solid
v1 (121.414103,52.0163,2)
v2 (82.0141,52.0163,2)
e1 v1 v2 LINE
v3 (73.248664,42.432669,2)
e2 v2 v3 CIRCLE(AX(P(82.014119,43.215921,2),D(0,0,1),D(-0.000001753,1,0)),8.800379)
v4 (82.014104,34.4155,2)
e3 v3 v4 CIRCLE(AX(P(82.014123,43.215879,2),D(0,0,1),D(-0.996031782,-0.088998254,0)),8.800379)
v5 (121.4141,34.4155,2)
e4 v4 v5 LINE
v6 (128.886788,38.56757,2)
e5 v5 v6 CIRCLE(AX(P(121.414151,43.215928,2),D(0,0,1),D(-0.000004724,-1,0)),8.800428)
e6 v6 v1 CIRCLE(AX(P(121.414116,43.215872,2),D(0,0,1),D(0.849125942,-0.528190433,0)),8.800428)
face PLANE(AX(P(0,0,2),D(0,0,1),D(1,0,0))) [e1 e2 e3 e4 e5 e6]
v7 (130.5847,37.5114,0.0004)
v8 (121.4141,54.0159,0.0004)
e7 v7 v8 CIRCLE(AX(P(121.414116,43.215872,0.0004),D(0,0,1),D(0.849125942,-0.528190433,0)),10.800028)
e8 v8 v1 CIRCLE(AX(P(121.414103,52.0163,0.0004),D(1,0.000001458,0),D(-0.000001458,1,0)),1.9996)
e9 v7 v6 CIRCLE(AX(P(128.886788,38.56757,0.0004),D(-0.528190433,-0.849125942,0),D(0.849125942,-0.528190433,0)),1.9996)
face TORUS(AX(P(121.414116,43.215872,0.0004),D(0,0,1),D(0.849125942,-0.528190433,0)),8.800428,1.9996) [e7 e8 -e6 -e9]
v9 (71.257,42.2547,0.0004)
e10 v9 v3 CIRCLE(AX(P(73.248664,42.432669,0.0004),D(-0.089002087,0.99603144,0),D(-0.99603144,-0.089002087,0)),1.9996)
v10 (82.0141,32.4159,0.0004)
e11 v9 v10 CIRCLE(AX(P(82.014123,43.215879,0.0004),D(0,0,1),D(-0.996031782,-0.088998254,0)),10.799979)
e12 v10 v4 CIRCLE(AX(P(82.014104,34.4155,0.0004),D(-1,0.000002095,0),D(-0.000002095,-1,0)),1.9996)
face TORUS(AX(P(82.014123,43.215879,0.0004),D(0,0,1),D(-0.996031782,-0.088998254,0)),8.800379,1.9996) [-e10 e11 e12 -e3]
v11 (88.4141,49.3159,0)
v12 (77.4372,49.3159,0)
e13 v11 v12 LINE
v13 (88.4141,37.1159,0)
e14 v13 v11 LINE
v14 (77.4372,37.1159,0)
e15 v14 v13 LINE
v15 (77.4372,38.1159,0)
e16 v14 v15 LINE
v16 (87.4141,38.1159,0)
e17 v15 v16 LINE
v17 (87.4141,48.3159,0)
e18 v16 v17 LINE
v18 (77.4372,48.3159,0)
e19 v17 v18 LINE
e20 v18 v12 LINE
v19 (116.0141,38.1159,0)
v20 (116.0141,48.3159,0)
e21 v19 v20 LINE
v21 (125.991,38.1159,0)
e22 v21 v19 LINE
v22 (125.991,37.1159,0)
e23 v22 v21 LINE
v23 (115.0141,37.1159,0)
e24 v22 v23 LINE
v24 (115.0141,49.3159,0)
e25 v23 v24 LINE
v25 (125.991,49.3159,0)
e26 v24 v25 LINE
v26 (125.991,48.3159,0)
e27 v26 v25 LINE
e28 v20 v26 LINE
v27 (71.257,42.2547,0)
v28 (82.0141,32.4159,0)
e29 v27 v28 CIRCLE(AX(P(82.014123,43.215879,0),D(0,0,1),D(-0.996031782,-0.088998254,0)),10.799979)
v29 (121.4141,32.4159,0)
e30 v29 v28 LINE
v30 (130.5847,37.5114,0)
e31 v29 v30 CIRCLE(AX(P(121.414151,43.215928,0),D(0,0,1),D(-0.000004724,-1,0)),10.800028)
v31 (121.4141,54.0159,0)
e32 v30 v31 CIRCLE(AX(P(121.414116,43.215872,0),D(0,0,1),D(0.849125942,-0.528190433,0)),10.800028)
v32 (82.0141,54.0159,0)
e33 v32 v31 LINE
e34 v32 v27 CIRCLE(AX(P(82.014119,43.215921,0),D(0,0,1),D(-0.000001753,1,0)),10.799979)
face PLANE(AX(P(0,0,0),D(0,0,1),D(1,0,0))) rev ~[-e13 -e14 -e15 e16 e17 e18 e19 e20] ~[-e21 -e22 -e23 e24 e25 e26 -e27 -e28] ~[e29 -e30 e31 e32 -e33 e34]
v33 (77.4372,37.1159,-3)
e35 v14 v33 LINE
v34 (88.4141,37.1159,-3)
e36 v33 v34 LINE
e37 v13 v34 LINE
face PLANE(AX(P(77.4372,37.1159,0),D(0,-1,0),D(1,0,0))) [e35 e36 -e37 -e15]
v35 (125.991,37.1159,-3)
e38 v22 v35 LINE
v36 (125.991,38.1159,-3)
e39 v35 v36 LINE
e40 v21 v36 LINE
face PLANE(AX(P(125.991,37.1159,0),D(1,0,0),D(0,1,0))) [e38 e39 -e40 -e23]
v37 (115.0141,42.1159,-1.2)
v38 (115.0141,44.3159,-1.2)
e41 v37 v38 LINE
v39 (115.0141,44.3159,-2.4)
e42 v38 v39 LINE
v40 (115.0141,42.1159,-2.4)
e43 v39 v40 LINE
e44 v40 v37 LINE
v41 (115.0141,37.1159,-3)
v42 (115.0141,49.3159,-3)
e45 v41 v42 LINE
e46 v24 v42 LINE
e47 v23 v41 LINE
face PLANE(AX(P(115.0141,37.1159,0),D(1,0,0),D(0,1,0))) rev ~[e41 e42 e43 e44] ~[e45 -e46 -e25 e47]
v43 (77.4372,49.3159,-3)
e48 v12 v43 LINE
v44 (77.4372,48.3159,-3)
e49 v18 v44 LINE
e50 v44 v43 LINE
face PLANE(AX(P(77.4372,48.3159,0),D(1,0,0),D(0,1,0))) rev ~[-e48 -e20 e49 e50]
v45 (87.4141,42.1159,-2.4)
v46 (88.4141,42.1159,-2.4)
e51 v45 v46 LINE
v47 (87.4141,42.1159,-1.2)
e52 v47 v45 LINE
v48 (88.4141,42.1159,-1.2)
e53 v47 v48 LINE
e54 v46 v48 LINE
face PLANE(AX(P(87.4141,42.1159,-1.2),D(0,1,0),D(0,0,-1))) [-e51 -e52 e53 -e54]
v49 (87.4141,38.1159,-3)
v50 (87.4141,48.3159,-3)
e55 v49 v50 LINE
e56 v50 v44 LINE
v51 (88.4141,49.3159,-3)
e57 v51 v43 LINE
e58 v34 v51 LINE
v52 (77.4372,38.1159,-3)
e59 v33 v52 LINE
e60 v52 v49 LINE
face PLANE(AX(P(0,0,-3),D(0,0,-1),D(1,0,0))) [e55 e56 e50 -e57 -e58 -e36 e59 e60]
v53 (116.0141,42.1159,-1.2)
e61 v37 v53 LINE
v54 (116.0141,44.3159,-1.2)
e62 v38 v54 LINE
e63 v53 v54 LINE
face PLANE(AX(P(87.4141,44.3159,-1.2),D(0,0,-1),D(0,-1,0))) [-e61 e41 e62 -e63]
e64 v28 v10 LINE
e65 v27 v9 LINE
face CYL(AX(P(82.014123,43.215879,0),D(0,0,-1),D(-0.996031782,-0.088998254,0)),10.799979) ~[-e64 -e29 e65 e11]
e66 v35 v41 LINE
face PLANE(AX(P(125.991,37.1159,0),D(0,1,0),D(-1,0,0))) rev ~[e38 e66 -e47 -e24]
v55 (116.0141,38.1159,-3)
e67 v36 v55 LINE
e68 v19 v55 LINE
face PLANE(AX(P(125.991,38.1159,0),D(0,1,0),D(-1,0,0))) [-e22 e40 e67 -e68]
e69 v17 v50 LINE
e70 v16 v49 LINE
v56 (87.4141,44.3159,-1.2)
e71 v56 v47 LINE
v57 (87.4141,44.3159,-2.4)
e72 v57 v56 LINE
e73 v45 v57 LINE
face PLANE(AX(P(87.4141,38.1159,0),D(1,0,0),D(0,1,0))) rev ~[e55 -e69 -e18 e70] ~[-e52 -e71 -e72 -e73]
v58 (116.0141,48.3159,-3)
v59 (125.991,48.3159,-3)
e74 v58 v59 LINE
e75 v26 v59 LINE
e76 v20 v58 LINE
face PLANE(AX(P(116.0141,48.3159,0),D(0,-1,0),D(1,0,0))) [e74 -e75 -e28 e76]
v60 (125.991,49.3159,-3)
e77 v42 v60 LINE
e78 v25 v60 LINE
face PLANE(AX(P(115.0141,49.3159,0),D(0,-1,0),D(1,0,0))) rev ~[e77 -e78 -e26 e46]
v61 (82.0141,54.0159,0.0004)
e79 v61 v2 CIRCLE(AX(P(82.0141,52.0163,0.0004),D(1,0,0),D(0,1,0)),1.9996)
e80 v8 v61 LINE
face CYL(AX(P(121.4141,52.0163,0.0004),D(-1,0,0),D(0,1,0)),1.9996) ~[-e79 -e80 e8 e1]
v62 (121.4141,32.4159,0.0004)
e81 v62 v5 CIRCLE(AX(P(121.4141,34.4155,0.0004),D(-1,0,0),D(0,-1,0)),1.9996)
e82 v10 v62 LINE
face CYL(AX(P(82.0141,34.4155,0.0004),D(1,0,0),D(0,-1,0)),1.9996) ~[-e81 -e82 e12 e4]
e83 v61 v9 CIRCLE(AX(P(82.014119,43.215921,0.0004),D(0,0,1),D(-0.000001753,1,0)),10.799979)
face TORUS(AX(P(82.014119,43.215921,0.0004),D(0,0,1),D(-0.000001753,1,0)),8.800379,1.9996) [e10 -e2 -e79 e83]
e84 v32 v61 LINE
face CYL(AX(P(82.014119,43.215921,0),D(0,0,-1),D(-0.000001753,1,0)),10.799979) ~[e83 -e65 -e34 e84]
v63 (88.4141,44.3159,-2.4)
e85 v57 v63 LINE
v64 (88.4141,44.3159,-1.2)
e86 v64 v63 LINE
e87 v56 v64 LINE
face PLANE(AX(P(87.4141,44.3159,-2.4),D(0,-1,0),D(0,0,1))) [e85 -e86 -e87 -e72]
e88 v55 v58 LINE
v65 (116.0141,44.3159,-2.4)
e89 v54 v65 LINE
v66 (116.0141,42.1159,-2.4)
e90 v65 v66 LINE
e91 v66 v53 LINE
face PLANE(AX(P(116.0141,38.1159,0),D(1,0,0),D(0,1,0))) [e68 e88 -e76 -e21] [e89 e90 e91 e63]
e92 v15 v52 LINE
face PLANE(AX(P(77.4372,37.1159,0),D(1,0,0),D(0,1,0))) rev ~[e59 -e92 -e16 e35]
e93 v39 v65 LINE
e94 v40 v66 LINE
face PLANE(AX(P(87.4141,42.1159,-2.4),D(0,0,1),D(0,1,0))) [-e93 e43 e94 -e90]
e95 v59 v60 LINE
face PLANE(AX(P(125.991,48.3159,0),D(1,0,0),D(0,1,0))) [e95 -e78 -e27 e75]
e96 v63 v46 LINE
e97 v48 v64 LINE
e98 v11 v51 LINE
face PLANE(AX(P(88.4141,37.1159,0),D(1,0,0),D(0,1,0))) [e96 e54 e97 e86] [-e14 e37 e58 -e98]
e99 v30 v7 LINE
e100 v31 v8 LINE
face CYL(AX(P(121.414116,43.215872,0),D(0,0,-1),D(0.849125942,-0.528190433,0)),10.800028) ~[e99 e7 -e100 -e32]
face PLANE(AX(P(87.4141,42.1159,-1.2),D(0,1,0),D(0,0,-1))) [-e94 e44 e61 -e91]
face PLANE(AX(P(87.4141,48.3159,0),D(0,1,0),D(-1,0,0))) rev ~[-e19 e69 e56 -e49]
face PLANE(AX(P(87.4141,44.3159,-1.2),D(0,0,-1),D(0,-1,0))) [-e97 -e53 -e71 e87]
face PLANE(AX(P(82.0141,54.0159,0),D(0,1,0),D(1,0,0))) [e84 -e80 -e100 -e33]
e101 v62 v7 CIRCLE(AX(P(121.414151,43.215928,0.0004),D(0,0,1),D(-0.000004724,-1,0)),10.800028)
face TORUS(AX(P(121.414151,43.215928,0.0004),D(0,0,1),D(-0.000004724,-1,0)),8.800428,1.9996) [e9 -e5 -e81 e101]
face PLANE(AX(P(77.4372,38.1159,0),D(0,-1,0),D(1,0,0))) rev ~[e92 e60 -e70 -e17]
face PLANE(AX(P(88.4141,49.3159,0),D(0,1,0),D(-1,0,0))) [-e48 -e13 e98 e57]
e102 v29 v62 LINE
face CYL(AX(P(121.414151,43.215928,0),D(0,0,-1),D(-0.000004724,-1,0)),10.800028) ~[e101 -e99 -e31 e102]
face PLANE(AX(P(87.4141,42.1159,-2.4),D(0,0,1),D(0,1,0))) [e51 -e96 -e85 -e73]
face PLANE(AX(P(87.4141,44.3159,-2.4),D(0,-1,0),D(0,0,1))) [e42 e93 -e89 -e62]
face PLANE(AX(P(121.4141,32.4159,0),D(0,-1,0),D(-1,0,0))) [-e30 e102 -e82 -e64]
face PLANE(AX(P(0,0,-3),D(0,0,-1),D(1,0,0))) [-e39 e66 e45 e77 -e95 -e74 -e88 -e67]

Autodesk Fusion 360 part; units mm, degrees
sketch "Sketch1" plane through (0, 0, 0) normal (0, 0, 1) x (1, 0, 0)
  line L0 (82.0141, 54.0159) -> (121.4141, 54.0159)
  line L1 (121.4141, 32.4159) -> (82.0141, 32.4159)
  arc A0 (82.0141, 54.0159) -> (71.257, 42.2547) centre (82.0141, 43.2159) ccw
  arc A1 (71.257, 42.2547) -> (82.0141, 32.4159) centre (82.0141, 43.2159) ccw
  arc A2 (130.5847, 37.5114) -> (121.4141, 54.0159) centre (121.4141, 43.2159) ccw
  arc A3 (121.4141, 32.4159) -> (130.5847, 37.5114) centre (121.4141, 43.2159) ccw
  dimension "d1" = 21.6
  dimension "d58" = 39.4
extrude "Extrude1" add sketch "Sketch1" along normal blind 2
fillet "Fillet1" radius 2 4 edges at (132.2141, 43.2159, 2) (101.7141, 54.0159, 2) (71.2141, 43.2159, 2) (101.7141, 32.4159, 2)
sketch "Sketch4" plane through (0, 0, 0) normal (0, 0, -1) x (1, 0, 0)
  arc A0 (82.0141, -32.4159) -> (82.0141, -54.0159) centre (82.0141, -43.2159) ccw
  line L0 (82.0141, -54.0159) -> (121.4141, -54.0159)
  arc A1 (121.4141, -54.0159) -> (121.4141, -32.4159) centre (121.4141, -43.2159) ccw
  line L1 (121.4141, -32.4159) -> (82.0141, -32.4159)
  line L2 (71.2141, -43.2159) -> (132.2141, -43.2159) construction
  line L3 (88.4141, -37.1159) -> (88.4141, -49.3159)
  line L4 (101.7141, -32.4159) -> (101.7141, -54.0159) construction
  line L5 (72.4941, -38.1159) -> (87.4141, -38.1159)
  line L6 (87.4141, -38.1159) -> (87.4141, -48.3159)
  line L7 (87.4141, -48.3159) -> (72.4941, -48.3159)
  line L8 (77.4372, -37.1159) -> (88.4141, -37.1159)
  line L9 (88.4141, -49.3159) -> (77.4372, -49.3159)
  line L10 (77.4372, -37.1159) -> (77.4372, -49.3159)
  line L11 (115.0141, -49.3159) -> (125.991, -49.3159)
  line L12 (116.0141, -48.3159) -> (130.9341, -48.3159)
  line L13 (125.991, -37.1159) -> (125.991, -49.3159)
  line L14 (130.9341, -38.1159) -> (116.0141, -38.1159)
  line L15 (125.991, -37.1159) -> (115.0141, -37.1159)
  line L16 (116.0141, -38.1159) -> (116.0141, -48.3159)
  line L17 (115.0141, -37.1159) -> (115.0141, -49.3159)
  dimension "d18" = 17.2
  dimension "d20" = 1
  dimension "d35" = 1
  dimension "d51" = 12.2
  dimension "d52" = 1
extrude "Extrude3" add sketch "Sketch4" along normal blind 3 contours L3 L5 L6 L7 L8 L9 L10 | L11 L12 L13 L14 L15 L16 L17
sketch "Sketch6" plane through (87.4141, 0, 0) normal (-1, 0, 0) x (0, -1, 0)
  line L0 (-38.1159, 0) -> (-48.3159, 0)
  line L1 (-48.3159, 0) -> (-48.3159, -3)
  line L2 (-48.3159, -3) -> (-38.1159, -3)
  line L3 (-38.1159, -3) -> (-38.1159, 0)
  line L4 (-43.2159, -3) -> (-43.2159, 0) construction
  line L5 (-42.1159, -2.4) -> (-44.3159, -2.4)
  line L6 (-44.3159, -2.4) -> (-44.3159, -1.2)
  line L7 (-44.3159, -1.2) -> (-42.1159, -1.2)
  line L8 (-42.1159, -1.2) -> (-42.1159, -2.4)
  dimension "d23" = 2.2
  dimension "d24" = 1.2
  dimension "d25" = 0.6
extrude "Extrude4" cut sketch "Sketch6" against normal blind 33 contours L5 L6 L7 L8
